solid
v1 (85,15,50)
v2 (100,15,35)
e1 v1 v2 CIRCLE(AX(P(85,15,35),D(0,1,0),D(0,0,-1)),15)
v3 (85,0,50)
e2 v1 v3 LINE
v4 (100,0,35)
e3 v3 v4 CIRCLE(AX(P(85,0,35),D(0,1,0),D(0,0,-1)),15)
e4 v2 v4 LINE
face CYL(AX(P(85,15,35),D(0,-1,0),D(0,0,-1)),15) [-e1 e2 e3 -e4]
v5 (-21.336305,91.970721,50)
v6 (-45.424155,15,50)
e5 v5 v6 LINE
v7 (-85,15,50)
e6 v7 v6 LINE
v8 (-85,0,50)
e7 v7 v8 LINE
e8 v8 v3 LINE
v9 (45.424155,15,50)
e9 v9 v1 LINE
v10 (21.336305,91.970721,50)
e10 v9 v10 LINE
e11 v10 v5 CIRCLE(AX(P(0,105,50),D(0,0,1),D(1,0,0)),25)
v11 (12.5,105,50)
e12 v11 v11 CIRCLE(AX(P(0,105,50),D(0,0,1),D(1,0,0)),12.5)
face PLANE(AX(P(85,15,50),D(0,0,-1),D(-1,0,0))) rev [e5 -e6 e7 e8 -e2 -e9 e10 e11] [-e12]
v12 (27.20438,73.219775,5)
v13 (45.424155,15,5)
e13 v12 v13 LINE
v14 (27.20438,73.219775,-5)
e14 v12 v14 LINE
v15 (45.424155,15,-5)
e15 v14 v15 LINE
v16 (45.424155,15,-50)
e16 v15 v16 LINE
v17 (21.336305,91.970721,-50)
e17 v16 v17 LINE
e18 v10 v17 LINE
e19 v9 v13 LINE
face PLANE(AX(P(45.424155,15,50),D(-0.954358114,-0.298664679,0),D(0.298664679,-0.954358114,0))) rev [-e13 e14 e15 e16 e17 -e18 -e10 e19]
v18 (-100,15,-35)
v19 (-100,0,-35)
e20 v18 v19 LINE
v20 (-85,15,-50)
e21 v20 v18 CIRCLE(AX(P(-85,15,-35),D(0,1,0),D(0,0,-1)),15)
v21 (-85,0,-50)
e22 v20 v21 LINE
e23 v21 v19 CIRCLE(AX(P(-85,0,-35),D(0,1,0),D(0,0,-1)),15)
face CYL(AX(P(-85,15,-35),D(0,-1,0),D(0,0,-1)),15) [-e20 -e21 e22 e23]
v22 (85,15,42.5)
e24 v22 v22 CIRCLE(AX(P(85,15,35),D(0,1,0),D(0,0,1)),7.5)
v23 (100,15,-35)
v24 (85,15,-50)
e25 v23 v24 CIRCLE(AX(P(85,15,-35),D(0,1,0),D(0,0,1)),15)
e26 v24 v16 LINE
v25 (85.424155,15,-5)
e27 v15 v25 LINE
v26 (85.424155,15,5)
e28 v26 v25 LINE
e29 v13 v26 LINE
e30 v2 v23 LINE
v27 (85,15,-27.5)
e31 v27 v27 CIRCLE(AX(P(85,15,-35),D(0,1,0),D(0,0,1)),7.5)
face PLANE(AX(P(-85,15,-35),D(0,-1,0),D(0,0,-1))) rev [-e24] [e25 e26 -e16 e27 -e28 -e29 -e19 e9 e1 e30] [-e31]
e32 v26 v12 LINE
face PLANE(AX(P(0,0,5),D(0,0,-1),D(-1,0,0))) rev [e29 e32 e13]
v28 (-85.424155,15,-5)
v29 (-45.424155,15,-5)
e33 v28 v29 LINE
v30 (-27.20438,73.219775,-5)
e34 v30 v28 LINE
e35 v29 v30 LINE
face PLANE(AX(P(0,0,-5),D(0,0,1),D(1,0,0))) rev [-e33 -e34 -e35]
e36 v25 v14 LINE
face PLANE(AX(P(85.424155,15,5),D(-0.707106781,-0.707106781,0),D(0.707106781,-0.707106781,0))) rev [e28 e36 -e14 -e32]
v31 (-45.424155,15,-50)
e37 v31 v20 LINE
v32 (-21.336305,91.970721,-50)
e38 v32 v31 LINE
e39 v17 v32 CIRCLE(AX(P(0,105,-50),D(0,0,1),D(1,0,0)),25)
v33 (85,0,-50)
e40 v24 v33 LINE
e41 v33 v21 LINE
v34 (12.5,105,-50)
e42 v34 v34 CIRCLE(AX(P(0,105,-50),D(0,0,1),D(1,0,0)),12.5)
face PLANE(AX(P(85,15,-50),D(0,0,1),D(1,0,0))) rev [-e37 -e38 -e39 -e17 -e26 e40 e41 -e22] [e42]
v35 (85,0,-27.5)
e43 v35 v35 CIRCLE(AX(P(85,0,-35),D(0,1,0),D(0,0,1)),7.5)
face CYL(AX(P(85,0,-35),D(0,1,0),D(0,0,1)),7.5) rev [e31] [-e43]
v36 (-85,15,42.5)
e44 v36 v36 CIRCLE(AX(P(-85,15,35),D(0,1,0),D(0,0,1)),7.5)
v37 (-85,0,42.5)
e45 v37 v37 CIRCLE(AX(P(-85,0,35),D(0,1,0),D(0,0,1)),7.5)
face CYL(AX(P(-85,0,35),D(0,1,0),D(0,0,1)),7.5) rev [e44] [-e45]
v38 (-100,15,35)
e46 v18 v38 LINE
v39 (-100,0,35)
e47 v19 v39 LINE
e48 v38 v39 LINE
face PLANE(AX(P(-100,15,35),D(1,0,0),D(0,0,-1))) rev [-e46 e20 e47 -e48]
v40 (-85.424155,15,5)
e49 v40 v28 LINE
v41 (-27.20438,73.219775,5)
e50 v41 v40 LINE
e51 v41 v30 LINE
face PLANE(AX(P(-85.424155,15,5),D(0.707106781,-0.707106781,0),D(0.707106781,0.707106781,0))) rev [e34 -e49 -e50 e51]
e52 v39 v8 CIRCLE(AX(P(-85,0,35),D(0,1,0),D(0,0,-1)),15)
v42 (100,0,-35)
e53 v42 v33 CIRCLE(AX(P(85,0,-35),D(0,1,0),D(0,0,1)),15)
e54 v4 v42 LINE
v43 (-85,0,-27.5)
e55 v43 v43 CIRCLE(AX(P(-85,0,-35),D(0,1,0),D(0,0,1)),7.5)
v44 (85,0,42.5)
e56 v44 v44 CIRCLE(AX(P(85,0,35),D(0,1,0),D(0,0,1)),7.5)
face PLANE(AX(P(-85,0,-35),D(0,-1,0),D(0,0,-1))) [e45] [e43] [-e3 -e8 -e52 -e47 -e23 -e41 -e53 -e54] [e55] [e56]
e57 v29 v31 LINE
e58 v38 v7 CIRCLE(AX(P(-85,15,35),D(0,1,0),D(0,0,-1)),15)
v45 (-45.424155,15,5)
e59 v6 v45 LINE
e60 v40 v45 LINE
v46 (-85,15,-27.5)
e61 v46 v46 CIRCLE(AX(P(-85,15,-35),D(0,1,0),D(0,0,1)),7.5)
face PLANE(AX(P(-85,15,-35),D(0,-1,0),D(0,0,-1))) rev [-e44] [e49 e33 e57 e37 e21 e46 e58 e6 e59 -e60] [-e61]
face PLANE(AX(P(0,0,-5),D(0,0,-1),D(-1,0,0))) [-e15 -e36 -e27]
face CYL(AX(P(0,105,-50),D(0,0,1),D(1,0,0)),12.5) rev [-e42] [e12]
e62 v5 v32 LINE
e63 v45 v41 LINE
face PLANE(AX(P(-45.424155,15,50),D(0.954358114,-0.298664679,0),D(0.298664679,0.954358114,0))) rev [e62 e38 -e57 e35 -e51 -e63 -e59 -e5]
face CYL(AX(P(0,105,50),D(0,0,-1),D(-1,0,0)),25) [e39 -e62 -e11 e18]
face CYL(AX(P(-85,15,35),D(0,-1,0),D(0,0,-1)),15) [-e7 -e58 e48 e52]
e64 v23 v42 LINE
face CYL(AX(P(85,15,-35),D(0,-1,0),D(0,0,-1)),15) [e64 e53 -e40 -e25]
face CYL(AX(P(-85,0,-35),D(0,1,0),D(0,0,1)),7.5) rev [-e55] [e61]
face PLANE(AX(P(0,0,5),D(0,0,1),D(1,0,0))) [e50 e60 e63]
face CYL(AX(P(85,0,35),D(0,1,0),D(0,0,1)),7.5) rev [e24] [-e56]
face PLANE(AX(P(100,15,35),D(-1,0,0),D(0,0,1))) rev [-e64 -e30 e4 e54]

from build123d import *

# Parameters (mm, degrees)
BOSS_EXTRUDE1_DEPTH = 15
SKETCH2_R           = 7.5
CUT_EXTRUDE1_DEPTH  = 15
BOSS_EXTRUDE2_DEPTH = 50
SKETCH4_R           = 12.5
CUT_EXTRUDE2_DEPTH  = 50
BOSS_EXTRUDE3_DEPTH = 5


with BuildPart() as part:
    # Sketch1 → Boss-Extrude1 (new body)
    with BuildSketch(Plane(origin=(0, 0, 0), x_dir=(1, 0, 0), z_dir=(0, 1, 0))):
        with BuildLine():
            Line((85, -50), (-85, -50))
            ThreePointArc((-85, -50), (-95.606601718, -45.606601718), (-100, -35))
            Line((-100, -35), (-100, 35))
            ThreePointArc((-100, 35), (-95.606601718, 45.606601718), (-85, 50))
            Line((-85, 50), (85, 50))
            ThreePointArc((85, 50), (95.606601718, 45.606601718), (100, 35))
            Line((100, 35), (100, -35))
            ThreePointArc((100, -35), (95.606601718, -45.606601718), (85, -50))
        make_face()
    extrude(amount=BOSS_EXTRUDE1_DEPTH)

    # Sketch2 → Cut-Extrude1 (cut)
    with BuildSketch(Plane(origin=(0, 15, 0), x_dir=(1, 0, 0), z_dir=(0, 1, 0))):
        with Locations((-85, 35)):
            Circle(SKETCH2_R)
        with Locations((-85, -35)):
            Circle(SKETCH2_R)
        with Locations((85, -35)):
            Circle(SKETCH2_R)
        with Locations((85, 35)):
            Circle(SKETCH2_R)
    extrude(amount=-CUT_EXTRUDE1_DEPTH, mode=Mode.SUBTRACT)

    # Sketch3 → Boss-Extrude2 (add, symmetric)
    with BuildSketch(Plane.XY):
        with BuildLine():
            Line((-45.424155313, 15), (-21.336304632, 91.970721254))
            ThreePointArc((-21.336304632, 91.970721254), (0, 130), (21.336304632, 91.970721254))
            Line((21.336304632, 91.970721254), (45.424155313, 15))
            Line((45.424155313, 15), (-45.424155313, 15))
        make_face()
    extrude(amount=BOSS_EXTRUDE2_DEPTH, both=True)

    # Sketch4 → Cut-Extrude2 (cut, symmetric)
    with BuildSketch(Plane.XY):
        with Locations((0, 105)):
            Circle(SKETCH4_R)
    extrude(amount=CUT_EXTRUDE2_DEPTH, both=True, mode=Mode.SUBTRACT)

    # Sketch6 → Boss-Extrude3 (add, symmetric)
    with BuildSketch(Plane.XY):
        Polygon((-85.424155313, 15), (-27.204379859, 73.219775454), (-45.424155313, 15), align=None)
        Polygon((45.424155313, 15), (27.204379859, 73.219775454), (85.424155313, 15), align=None)
    extrude(amount=BOSS_EXTRUDE3_DEPTH, both=True)


solid = part.part
